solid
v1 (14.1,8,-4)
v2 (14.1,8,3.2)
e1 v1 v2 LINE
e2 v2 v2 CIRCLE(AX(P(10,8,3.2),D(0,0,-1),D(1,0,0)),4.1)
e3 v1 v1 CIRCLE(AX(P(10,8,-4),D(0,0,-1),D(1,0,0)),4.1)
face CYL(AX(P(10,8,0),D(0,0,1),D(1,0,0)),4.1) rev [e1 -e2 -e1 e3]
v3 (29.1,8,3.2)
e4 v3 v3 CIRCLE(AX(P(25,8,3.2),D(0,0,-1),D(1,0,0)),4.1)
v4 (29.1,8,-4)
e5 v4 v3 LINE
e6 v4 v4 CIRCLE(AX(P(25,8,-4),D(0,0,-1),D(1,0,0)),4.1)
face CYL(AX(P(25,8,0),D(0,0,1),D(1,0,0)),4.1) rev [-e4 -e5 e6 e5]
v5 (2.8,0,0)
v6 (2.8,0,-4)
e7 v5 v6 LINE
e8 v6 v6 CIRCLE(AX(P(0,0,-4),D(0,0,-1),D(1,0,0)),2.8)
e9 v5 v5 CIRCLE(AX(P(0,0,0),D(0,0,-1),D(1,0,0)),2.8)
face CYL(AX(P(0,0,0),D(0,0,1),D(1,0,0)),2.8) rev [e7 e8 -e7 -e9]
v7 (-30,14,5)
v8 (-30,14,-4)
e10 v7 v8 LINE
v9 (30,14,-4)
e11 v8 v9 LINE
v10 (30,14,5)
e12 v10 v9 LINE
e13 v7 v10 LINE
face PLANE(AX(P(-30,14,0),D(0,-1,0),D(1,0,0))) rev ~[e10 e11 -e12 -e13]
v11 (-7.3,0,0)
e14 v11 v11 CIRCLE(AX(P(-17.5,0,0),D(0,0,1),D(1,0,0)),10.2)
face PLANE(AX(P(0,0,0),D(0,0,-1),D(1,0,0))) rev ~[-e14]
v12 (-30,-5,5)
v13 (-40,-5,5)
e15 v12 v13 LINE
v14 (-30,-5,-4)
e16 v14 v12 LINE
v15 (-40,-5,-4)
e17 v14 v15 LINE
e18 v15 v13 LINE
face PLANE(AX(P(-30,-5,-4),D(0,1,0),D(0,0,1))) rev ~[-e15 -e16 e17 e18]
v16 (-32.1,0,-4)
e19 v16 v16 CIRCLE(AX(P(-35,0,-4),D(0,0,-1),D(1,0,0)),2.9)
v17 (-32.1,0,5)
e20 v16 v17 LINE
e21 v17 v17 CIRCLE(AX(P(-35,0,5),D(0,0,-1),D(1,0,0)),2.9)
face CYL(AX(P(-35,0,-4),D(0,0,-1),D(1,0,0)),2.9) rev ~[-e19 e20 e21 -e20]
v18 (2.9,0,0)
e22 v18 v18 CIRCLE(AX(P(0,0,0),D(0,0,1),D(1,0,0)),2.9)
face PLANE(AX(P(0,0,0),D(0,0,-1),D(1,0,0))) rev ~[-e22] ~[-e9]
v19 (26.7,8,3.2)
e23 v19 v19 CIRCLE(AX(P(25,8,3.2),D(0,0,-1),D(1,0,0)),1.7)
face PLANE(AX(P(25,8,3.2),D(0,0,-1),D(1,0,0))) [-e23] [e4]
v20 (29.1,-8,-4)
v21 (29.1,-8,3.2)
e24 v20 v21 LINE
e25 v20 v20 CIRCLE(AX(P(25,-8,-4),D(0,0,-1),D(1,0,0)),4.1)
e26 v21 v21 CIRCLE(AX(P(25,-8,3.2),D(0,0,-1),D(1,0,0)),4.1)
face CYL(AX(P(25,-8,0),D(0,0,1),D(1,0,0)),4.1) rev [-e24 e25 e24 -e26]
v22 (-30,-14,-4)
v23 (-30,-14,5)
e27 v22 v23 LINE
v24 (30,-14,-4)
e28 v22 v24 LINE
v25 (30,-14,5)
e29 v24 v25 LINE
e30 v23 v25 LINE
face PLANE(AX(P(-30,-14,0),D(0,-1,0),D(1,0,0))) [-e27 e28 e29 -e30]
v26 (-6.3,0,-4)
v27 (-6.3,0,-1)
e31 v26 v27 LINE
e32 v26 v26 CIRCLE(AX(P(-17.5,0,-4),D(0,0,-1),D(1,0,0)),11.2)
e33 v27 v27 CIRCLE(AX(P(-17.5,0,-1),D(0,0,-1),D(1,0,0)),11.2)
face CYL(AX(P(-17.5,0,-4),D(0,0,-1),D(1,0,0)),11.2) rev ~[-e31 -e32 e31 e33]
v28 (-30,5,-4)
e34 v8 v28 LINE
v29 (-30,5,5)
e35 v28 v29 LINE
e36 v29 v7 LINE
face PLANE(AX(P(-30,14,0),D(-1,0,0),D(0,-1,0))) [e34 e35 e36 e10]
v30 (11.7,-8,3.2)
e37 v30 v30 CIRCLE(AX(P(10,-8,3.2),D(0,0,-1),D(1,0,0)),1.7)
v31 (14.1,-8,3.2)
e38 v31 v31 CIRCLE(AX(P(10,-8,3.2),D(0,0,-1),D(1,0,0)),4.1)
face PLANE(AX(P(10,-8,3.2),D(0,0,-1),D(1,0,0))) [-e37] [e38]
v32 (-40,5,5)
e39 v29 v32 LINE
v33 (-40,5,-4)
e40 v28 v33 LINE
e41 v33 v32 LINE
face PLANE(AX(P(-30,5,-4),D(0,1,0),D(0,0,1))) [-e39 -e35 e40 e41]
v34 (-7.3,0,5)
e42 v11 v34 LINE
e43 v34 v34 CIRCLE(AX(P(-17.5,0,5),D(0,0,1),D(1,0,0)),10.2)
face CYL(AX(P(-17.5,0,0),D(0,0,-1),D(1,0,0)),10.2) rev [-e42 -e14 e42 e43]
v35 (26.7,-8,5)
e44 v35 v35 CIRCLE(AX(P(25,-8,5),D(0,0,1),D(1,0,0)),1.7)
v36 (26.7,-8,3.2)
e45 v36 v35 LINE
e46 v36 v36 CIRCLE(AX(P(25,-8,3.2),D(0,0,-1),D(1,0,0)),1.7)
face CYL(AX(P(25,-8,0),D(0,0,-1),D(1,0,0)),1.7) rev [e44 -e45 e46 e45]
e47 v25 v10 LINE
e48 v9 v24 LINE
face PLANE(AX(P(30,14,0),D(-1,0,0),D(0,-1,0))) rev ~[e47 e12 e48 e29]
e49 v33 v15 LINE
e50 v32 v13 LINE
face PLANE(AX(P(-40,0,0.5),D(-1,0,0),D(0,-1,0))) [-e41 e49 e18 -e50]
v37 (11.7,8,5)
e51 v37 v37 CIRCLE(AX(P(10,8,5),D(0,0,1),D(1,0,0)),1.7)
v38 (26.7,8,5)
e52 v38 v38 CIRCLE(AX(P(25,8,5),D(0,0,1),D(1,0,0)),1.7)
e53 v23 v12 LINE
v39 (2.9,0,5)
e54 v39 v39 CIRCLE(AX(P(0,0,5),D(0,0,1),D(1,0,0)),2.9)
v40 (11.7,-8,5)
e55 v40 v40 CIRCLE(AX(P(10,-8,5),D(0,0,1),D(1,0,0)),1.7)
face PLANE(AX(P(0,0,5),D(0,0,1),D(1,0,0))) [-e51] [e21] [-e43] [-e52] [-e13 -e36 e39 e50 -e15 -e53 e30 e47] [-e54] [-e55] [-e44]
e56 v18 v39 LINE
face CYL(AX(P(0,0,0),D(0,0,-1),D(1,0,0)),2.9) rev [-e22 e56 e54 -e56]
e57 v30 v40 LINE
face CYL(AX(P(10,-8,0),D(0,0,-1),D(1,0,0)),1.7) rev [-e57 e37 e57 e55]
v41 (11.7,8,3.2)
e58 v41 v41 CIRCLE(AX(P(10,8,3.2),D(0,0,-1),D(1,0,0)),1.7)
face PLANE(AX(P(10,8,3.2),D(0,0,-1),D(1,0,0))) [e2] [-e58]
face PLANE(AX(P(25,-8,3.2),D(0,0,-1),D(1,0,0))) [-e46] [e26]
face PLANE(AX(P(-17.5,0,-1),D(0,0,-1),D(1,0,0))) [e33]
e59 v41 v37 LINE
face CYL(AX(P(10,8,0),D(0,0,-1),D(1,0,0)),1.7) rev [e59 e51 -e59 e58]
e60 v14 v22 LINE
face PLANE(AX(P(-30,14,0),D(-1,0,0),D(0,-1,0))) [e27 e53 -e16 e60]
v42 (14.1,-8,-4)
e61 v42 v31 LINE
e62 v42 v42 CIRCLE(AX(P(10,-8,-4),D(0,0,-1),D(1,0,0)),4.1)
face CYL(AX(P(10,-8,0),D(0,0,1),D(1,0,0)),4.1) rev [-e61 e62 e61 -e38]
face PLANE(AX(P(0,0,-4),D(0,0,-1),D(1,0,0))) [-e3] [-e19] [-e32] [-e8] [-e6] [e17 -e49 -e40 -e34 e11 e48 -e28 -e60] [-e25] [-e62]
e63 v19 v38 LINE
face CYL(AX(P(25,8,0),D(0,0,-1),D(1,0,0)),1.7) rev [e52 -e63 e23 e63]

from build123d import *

# Parameters (mm, degrees)
SKETCH_W        = 60
SKETCH_H        = 28
SKETCH_R        = 1.7
SKETCH_R_2      = 10.2
SKETCH_R_3      = 2.9
PAD_DEPTH       = 5
SKETCH001_R     = 4.1
POCKET001_DEPTH = 3.2
SKETCH002_W     = 60
SKETCH002_H     = 28
SKETCH002_R     = 2.8
SKETCH002_R_2   = 4.1
PAD001_DEPTH    = 4
SKETCH003_R     = 11.2
POCKET_DEPTH    = 3
SKETCH004_W     = 10
SKETCH004_H     = 9
PAD002_DEPTH    = 10
SKETCH009_R     = 2.9
POCKET002_DEPTH = 9


with BuildPart() as part:
    # Sketch → Pad (new body)
    with BuildSketch(Plane.XY):
        Rectangle(SKETCH_W, SKETCH_H)
        with Locations((10, 8)):
            Circle(SKETCH_R, mode=Mode.SUBTRACT)
        with Locations((25, 8)):
            Circle(SKETCH_R, mode=Mode.SUBTRACT)
        with Locations((10, -8)):
            Circle(SKETCH_R, mode=Mode.SUBTRACT)
        with Locations((25, -8)):
            Circle(SKETCH_R, mode=Mode.SUBTRACT)
        with Locations((-17.5, 0)):
            Circle(SKETCH_R_2, mode=Mode.SUBTRACT)
        Circle(SKETCH_R_3, mode=Mode.SUBTRACT)
    extrude(amount=PAD_DEPTH)

    # Sketch001 (on Face11 of Pad) → Pocket001 (cut)
    with BuildSketch(Plane(origin=(0, 0, 0), x_dir=(1, 0, 0), z_dir=(0, 0, -1))):
        with Locations((25, 8)):
            Circle(SKETCH001_R)
        with Locations((25, -8)):
            Circle(SKETCH001_R)
        with Locations((10, 8)):
            Circle(SKETCH001_R)
        with Locations((10, -8)):
            Circle(SKETCH001_R)
    extrude(amount=-POCKET001_DEPTH, mode=Mode.SUBTRACT)

    # Sketch002 (on Face4 of Pocket001) → Pad001 (join)
    with BuildSketch(Plane(origin=(0, 0, 0), x_dir=(1, 0, 0), z_dir=(0, 0, -1))):
        Rectangle(SKETCH002_W, SKETCH002_H)
        Circle(SKETCH002_R, mode=Mode.SUBTRACT)
        with Locations((10, 8)):
            Circle(SKETCH002_R_2, mode=Mode.SUBTRACT)
        with Locations((10, -8)):
            Circle(SKETCH002_R_2, mode=Mode.SUBTRACT)
        with Locations((25, 8)):
            Circle(SKETCH002_R_2, mode=Mode.SUBTRACT)
        with Locations((25, -8)):
            Circle(SKETCH002_R_2, mode=Mode.SUBTRACT)
    extrude(amount=PAD001_DEPTH)

    # Sketch003 (on Face9 of Pad001) → Pocket (cut)
    with BuildSketch(Plane(origin=(0, 0, -4), x_dir=(1, 0, 0), z_dir=(0, 0, -1))):
        with Locations((-17.5, 0)):
            Circle(SKETCH003_R)
    extrude(amount=-POCKET_DEPTH, mode=Mode.SUBTRACT)

    # Sketch004 (on Face7 of Pocket) → Pad002 (join)
    with BuildSketch(Plane(origin=(-30, 0, 0), x_dir=(0, -1, 0), z_dir=(-1, 0, 0))):
        with Locations((0, 0.5)):
            Rectangle(SKETCH004_W, SKETCH004_H)
    extrude(amount=PAD002_DEPTH)

    # Sketch009 → Pocket002 (cut)
    with BuildSketch(Plane(origin=(0, 0, -4), x_dir=(1, 0, 0), z_dir=(0, 0, -1))):
        with Locations((-35, 0)):
            Circle(SKETCH009_R)
    extrude(amount=-POCKET002_DEPTH, mode=Mode.SUBTRACT)


solid = part.part
